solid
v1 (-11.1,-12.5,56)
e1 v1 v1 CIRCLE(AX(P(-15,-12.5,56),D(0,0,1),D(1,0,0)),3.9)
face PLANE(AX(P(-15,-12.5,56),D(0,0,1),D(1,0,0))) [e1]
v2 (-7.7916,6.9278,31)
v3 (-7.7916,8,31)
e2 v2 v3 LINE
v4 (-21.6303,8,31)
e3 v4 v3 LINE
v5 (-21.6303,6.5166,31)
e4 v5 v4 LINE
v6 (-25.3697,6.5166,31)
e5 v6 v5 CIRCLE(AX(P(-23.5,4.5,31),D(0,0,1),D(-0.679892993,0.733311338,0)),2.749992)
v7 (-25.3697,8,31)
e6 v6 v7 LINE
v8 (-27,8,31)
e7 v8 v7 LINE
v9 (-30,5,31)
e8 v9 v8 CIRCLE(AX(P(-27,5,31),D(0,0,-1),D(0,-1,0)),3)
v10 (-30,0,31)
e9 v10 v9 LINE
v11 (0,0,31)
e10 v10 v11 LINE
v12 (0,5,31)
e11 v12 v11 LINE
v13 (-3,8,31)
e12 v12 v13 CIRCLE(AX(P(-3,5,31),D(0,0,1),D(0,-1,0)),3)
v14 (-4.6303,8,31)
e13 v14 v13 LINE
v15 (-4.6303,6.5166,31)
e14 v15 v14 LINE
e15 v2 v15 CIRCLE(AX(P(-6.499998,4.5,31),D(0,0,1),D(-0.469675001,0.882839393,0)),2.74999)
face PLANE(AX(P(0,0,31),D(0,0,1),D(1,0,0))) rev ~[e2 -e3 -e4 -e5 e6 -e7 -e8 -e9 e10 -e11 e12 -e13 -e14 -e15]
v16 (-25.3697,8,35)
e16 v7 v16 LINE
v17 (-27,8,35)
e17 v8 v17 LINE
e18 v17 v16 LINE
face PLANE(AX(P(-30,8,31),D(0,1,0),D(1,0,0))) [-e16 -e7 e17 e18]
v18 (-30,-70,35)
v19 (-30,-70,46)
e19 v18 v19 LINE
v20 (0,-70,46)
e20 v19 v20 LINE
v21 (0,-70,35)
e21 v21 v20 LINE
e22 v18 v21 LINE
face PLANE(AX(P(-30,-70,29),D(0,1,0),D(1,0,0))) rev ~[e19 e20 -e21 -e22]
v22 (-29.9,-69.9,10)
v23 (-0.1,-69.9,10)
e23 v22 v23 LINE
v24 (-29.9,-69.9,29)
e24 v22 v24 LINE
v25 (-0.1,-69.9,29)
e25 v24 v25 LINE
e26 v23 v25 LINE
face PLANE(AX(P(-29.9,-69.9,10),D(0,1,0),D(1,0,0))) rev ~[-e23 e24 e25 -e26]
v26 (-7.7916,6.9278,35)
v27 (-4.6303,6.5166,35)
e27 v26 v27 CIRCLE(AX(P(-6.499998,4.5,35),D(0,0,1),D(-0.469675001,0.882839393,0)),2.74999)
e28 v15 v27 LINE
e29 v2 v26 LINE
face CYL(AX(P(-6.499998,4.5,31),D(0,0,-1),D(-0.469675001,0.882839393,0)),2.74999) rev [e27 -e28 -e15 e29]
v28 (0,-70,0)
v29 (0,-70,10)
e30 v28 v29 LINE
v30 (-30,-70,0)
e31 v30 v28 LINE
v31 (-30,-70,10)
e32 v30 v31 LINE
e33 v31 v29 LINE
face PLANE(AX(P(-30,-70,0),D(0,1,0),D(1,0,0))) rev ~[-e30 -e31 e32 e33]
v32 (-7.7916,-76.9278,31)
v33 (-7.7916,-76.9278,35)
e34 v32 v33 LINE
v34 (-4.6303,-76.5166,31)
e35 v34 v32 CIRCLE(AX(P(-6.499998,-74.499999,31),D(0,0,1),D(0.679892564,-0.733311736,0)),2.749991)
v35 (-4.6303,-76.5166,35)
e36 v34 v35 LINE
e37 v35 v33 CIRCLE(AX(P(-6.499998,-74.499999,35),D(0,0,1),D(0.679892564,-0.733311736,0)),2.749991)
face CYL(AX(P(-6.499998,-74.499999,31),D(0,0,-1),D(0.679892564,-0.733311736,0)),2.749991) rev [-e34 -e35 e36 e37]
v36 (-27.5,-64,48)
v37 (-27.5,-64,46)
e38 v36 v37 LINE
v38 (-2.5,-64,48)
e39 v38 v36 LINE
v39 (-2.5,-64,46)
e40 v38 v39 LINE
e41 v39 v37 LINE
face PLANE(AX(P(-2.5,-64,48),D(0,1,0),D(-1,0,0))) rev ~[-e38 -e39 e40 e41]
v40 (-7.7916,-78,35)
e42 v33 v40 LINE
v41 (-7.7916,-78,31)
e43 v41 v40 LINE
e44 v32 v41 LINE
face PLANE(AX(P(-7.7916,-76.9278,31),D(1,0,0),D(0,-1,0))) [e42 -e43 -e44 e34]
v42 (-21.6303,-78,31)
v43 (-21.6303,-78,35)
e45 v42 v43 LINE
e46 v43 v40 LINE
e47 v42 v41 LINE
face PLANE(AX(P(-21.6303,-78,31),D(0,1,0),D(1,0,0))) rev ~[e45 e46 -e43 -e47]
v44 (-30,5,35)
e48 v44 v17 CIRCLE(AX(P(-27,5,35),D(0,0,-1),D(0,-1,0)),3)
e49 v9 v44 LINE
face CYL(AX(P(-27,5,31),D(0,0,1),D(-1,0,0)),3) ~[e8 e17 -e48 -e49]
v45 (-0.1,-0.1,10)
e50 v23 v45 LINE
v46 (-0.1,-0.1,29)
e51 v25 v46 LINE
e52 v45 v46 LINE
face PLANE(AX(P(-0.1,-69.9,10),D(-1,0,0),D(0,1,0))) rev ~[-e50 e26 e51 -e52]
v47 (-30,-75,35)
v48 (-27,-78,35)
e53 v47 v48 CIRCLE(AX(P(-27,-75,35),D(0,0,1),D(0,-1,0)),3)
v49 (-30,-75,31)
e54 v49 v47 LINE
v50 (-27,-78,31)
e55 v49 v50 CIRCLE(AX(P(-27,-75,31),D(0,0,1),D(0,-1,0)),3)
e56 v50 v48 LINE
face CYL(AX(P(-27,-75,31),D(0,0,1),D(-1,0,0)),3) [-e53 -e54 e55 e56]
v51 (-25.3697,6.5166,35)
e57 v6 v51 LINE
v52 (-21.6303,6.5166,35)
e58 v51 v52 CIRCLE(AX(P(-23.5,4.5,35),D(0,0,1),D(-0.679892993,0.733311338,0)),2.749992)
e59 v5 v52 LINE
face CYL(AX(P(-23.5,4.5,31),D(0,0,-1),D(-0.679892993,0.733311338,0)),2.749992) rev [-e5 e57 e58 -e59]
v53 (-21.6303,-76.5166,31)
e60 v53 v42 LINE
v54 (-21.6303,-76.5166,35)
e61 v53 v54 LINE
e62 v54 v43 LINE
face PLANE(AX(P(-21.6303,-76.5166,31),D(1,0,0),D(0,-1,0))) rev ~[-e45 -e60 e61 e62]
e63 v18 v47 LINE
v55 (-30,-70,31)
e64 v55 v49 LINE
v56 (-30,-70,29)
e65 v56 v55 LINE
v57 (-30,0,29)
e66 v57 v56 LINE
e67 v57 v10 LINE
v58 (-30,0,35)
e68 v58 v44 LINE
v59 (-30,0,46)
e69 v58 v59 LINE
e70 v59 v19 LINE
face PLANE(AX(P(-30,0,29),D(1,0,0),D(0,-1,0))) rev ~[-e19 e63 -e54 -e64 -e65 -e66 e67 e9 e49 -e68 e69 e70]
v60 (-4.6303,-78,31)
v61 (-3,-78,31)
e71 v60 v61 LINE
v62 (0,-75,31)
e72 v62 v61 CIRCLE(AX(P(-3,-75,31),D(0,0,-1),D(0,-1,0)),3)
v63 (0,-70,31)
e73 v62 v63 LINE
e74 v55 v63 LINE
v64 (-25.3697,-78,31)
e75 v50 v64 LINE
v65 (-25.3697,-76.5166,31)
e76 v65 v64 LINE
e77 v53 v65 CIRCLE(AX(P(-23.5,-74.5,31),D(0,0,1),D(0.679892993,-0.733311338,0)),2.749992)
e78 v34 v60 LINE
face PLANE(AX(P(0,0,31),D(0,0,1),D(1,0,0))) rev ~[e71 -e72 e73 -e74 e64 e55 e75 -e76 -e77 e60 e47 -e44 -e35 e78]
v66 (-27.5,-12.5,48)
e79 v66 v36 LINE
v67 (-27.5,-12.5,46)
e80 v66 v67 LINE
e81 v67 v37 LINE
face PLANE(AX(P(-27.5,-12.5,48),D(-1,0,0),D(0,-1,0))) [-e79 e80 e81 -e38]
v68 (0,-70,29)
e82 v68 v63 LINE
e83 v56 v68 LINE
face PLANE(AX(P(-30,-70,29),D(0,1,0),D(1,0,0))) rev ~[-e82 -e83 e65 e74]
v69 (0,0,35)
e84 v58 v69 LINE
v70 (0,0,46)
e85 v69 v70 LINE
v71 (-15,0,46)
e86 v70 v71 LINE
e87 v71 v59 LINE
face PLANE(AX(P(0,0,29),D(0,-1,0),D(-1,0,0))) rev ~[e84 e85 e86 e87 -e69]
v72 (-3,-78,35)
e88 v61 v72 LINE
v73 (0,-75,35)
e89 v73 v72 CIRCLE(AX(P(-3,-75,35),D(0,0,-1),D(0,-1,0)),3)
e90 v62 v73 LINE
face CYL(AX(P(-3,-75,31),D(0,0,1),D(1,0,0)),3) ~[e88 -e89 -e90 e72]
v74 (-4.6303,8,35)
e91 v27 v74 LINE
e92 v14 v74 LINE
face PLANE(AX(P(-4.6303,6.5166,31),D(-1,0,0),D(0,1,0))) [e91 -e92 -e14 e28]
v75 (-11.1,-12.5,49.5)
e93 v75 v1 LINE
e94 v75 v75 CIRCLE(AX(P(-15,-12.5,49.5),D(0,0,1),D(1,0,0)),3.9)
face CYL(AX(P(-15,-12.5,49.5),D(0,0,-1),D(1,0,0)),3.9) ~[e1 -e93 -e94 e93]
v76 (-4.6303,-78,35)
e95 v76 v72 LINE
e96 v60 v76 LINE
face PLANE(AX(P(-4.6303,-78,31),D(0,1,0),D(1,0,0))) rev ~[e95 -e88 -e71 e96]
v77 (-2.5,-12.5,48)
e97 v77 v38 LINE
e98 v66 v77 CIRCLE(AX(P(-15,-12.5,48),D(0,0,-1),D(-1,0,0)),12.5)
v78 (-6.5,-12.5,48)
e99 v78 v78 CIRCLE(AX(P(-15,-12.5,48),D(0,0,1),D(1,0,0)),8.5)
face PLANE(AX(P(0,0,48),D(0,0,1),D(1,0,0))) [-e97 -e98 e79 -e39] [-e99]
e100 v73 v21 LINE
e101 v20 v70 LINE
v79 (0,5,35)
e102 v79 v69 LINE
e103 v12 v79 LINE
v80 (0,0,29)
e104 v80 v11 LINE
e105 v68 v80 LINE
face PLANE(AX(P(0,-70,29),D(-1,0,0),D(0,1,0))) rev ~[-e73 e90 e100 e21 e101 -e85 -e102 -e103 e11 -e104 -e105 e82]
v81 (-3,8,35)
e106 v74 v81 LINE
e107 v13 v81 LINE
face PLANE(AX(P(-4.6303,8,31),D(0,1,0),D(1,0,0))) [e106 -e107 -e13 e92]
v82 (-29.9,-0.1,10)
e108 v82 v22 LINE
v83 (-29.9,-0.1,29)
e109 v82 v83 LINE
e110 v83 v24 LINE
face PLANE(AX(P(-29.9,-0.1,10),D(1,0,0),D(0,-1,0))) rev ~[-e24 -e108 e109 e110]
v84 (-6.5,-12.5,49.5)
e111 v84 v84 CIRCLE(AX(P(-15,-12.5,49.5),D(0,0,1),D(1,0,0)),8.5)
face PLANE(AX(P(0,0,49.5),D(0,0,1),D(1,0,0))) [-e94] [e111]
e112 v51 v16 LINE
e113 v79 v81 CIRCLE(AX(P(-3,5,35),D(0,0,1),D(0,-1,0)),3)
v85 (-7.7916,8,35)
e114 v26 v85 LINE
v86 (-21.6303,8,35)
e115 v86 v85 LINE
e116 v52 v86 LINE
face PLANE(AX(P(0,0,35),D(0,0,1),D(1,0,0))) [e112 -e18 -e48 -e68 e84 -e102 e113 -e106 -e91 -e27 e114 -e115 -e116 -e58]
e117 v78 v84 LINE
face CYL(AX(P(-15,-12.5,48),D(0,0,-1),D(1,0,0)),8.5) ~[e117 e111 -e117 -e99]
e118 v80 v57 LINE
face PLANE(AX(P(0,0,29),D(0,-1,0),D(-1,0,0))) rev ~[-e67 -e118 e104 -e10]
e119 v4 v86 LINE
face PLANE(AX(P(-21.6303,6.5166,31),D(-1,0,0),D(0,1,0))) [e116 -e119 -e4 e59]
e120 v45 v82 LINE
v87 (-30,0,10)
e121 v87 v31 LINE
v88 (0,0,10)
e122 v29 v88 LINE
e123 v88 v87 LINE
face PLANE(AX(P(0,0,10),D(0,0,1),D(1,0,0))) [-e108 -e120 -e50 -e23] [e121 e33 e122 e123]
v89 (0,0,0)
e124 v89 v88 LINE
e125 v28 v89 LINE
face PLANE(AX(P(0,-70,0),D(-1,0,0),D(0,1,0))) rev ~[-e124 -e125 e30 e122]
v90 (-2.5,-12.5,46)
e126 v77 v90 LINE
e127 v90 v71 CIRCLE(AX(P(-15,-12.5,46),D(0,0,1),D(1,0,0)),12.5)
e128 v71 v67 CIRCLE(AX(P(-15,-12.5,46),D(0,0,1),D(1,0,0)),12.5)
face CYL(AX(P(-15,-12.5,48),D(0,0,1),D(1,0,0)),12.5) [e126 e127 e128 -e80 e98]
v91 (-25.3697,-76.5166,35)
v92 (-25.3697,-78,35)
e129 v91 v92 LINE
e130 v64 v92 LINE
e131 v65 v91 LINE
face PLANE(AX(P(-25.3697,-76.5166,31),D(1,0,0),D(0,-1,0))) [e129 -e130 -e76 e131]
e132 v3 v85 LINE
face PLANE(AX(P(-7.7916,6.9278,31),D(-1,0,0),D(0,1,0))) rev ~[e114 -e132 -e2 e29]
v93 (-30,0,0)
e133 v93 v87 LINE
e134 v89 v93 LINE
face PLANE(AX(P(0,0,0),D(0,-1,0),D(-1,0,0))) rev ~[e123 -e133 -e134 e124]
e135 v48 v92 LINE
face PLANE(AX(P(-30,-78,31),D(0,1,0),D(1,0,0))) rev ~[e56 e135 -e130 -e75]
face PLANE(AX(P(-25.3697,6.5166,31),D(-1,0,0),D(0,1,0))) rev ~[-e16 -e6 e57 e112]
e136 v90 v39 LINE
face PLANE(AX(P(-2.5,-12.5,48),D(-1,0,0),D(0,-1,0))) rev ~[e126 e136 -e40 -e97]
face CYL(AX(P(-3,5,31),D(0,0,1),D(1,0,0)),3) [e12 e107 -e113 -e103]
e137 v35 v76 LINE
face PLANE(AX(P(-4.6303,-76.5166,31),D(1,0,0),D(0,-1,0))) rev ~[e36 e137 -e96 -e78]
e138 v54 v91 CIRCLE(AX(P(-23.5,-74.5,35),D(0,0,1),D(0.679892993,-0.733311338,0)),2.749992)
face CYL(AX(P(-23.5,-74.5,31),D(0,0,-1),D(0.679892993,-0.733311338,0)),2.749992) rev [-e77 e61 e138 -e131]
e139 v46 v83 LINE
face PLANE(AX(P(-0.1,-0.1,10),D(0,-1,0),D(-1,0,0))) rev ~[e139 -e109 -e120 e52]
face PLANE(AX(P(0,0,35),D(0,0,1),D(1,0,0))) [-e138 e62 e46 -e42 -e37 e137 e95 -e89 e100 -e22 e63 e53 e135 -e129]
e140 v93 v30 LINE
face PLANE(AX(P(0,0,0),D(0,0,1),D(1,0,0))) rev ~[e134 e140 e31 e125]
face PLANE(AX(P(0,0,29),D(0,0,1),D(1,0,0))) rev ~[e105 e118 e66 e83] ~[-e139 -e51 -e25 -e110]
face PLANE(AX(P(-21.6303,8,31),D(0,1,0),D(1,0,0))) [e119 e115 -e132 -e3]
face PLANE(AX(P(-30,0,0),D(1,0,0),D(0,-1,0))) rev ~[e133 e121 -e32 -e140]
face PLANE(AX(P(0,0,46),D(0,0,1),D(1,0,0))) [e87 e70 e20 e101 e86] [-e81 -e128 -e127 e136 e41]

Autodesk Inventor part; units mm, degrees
ref_plane "YZ Plane" through (0, 0, 0) normal (1, 0, 0) x (0, 1, 0)
ref_plane "XZ Plane" through (0, 0, 0) normal (0, 1, 0) x (-1, 0, 0)
sketch "Sketch1" plane through (0, 0, 0) normal (0, 0, 1) x (1, 0, 0)
  line L0 (0, 0) -> (-30, 0)
  line L1 (-30, 0) -> (-30, -70)
  line L2 (-30, -70) -> (0, -70)
  line L3 (0, -70) -> (0, 0)
  dimension "d0" = 30
  dimension "d1" = 70
extrude "Extrusion1" add sketch "Sketch1" along normal blind 10
sketch "Sketch2" plane through (0, 0, 10) normal (0, 0, 1) x (1, 0, 0)
  line L0 (-30, 0) -> (-30, -70) projected
  line L1 (-30, -70) -> (0, -70) projected
  line L2 (0, -70) -> (0, 0) projected
  line L3 (0, 0) -> (-30, 0) projected
  line L4 (0, 0) -> (-30, 0) projected
  line L5 (-30, -70) -> (0, -70) projected
  line L6 (-0.1, -70) -> (-0.1, -0.1)
  line L7 (-0.1, -0.1) -> (-30, -0.1)
  line L8 (-29.9, 0) -> (-29.9, -70)
  line L9 (-30, -69.9) -> (0, -69.9)
  point P0 (-29.9, -69.9)
  point P1 (-0.1, -69.9)
  point P2 (-29.9, -0.1)
  dimension "d29" = 0.1
  dimension "d30" = 0.1
  dimension "d31" = 0.1
extrude "Extrusion2" add sketch "Sketch2" along normal blind 19 contours L7 L6 L9 L8
sketch "Sketch3" plane through (0, 0, 29) normal (0, 0, 1) x (1, 0, 0)
  line L0 (-30, -70) -> (0, -70) projected
  line L1 (-30, 0) -> (-30, -70) projected
  line L2 (0, -70) -> (0, 0) projected
  line L3 (-30, -70) -> (0, -70) projected
  line L4 (0, 0) -> (-30, 0) projected
  line L5 (0, 0) -> (-30, 0) projected
  line L6 (0, -70) -> (0, 0) projected
  point P0 (-0.01, -70)
  point P1 (-0.01, 0)
extrude "Extrusion3" add sketch "Sketch3" along normal blind 19
sketch "Sketch4" plane through (0, 0, 48) normal (0, 0, 1) x (1, 0, 0)
  circle A0 centre (-15, -12.5) radius 8.5
  line L0 (0, 0) -> (-30, 0) projected
  dimension "d8" = 17
  dimension "d26" = 12.5
extrude "Extrusion4" add sketch "Sketch4" along normal blind 1.5
sketch "Sketch5" plane through (-15, -12.5, 49.5) normal (0, 0, 1) x (1, 0, 0)
  circle A0 centre (0, 0) radius 3.9
  point P0 (15, 12.5)
  dimension "d11" = 7.8
extrude "Extrusion5" add sketch "Sketch5" along normal blind 6.5
ref_plane "Work Plane1" through (0, 0, 31) normal (0, 0, 1) x (1, 0, 0)
sketch "Sketch6" plane through (0, 0, 31) normal (0, 0, 1) x (1, 0, 0)
  line L0 (-30, -70) -> (0, -70) projected
  line L1 (0, -70) -> (-30, -70)
  line L2 (-30, -70) -> (-30, -78)
  line L3 (0, -78) -> (0, -70)
  arc A0 (-4.6303, -76.5166) -> (-7.7916, -76.9278) centre (-6.5, -74.5) ccw
  arc A1 (-21.6303, -76.5166) -> (-25.3697, -76.5166) centre (-23.5, -74.5) ccw
  line L4 (-4.6303, -76.5166) -> (-4.6303, -78)
  line L5 (-7.7916, -76.9278) -> (-7.7916, -78)
  line L6 (-4.6303, -78) -> (0, -78)
  line L7 (-30, -78) -> (-25.3697, -78)
  line L8 (-21.6303, -78) -> (-7.7916, -78)
  line L9 (-21.6303, -76.5166) -> (-21.6303, -78)
  line L10 (-25.3697, -76.5166) -> (-25.3697, -78)
  line L11 (0, -70) -> (0, 0) projected
  line L12 (0, -35) -> (-30, -35) construction
  line L13 (-30, 0) -> (0, 0)
  line L14 (0, 0) -> (-30, 0)
  line L15 (-30, 0) -> (-30, 8)
  line L16 (0, 8) -> (0, 0)
  arc A2 (-7.7916, 6.9278) -> (-4.6303, 6.5166) centre (-6.5, 4.5) ccw
  arc A3 (-25.3697, 6.5166) -> (-21.6303, 6.5166) centre (-23.5, 4.5) ccw
  line L17 (-4.6303, 6.5166) -> (-4.6303, 8)
  line L18 (-7.7916, 6.9278) -> (-7.7916, 8)
  line L19 (-4.6303, 8) -> (0, 8)
  line L20 (-30, 8) -> (-25.3697, 8)
  line L21 (-21.6303, 8) -> (-7.7916, 8)
  line L22 (-21.6303, 6.5166) -> (-21.6303, 8)
  line L23 (-25.3697, 6.5166) -> (-25.3697, 8)
  point P0 (-0.01, -70)
  dimension "d15" = 30
  dimension "d16" = 8
  dimension "d17" = 5.5
  dimension "d18" = 5.5
  dimension "d21" = 6.5
  dimension "d22" = 6.5
extrude "Extrusion6" add sketch "Sketch6" along normal blind 4
fillet "Fillet1" radius 3 4 edges at (-30, 8, 33) (0, 8, 33) (-30, -78, 33) (0, -78, 33)
sketch "Sketch7" plane through (0, 0, 48) normal (0, 0, 1) x (1, 0, 0)
  point P0 (0, 0)
sketch "Sketch8" plane through (0, 0, 48) normal (0, 0, 1) x (1, 0, 0)
  circle A0 centre (-15, -12.5) radius 8.5 projected
  circle A1 centre (-15, -12.5) radius 12.5
  line L0 (0, -70) -> (0, 0) projected
  line L1 (-2.5, -64) -> (-27.5, -64)
  line L2 (-30, 0) -> (-30, -70) projected
  line L3 (-2.5, -12.5) -> (-2.5, -64)
  line L4 (-27.5, -12.5) -> (-27.5, -64)
  line L5 (-30, -70) -> (0, -70) projected
  line L6 (0, 0) -> (-30, 0) projected
  point P0 (-15, 0)
extrude "Extrusion7" cut sketch "Sketch8" against normal blind 2 contours L6 L0 L5 L2
properties part number "serwo 30x70"
